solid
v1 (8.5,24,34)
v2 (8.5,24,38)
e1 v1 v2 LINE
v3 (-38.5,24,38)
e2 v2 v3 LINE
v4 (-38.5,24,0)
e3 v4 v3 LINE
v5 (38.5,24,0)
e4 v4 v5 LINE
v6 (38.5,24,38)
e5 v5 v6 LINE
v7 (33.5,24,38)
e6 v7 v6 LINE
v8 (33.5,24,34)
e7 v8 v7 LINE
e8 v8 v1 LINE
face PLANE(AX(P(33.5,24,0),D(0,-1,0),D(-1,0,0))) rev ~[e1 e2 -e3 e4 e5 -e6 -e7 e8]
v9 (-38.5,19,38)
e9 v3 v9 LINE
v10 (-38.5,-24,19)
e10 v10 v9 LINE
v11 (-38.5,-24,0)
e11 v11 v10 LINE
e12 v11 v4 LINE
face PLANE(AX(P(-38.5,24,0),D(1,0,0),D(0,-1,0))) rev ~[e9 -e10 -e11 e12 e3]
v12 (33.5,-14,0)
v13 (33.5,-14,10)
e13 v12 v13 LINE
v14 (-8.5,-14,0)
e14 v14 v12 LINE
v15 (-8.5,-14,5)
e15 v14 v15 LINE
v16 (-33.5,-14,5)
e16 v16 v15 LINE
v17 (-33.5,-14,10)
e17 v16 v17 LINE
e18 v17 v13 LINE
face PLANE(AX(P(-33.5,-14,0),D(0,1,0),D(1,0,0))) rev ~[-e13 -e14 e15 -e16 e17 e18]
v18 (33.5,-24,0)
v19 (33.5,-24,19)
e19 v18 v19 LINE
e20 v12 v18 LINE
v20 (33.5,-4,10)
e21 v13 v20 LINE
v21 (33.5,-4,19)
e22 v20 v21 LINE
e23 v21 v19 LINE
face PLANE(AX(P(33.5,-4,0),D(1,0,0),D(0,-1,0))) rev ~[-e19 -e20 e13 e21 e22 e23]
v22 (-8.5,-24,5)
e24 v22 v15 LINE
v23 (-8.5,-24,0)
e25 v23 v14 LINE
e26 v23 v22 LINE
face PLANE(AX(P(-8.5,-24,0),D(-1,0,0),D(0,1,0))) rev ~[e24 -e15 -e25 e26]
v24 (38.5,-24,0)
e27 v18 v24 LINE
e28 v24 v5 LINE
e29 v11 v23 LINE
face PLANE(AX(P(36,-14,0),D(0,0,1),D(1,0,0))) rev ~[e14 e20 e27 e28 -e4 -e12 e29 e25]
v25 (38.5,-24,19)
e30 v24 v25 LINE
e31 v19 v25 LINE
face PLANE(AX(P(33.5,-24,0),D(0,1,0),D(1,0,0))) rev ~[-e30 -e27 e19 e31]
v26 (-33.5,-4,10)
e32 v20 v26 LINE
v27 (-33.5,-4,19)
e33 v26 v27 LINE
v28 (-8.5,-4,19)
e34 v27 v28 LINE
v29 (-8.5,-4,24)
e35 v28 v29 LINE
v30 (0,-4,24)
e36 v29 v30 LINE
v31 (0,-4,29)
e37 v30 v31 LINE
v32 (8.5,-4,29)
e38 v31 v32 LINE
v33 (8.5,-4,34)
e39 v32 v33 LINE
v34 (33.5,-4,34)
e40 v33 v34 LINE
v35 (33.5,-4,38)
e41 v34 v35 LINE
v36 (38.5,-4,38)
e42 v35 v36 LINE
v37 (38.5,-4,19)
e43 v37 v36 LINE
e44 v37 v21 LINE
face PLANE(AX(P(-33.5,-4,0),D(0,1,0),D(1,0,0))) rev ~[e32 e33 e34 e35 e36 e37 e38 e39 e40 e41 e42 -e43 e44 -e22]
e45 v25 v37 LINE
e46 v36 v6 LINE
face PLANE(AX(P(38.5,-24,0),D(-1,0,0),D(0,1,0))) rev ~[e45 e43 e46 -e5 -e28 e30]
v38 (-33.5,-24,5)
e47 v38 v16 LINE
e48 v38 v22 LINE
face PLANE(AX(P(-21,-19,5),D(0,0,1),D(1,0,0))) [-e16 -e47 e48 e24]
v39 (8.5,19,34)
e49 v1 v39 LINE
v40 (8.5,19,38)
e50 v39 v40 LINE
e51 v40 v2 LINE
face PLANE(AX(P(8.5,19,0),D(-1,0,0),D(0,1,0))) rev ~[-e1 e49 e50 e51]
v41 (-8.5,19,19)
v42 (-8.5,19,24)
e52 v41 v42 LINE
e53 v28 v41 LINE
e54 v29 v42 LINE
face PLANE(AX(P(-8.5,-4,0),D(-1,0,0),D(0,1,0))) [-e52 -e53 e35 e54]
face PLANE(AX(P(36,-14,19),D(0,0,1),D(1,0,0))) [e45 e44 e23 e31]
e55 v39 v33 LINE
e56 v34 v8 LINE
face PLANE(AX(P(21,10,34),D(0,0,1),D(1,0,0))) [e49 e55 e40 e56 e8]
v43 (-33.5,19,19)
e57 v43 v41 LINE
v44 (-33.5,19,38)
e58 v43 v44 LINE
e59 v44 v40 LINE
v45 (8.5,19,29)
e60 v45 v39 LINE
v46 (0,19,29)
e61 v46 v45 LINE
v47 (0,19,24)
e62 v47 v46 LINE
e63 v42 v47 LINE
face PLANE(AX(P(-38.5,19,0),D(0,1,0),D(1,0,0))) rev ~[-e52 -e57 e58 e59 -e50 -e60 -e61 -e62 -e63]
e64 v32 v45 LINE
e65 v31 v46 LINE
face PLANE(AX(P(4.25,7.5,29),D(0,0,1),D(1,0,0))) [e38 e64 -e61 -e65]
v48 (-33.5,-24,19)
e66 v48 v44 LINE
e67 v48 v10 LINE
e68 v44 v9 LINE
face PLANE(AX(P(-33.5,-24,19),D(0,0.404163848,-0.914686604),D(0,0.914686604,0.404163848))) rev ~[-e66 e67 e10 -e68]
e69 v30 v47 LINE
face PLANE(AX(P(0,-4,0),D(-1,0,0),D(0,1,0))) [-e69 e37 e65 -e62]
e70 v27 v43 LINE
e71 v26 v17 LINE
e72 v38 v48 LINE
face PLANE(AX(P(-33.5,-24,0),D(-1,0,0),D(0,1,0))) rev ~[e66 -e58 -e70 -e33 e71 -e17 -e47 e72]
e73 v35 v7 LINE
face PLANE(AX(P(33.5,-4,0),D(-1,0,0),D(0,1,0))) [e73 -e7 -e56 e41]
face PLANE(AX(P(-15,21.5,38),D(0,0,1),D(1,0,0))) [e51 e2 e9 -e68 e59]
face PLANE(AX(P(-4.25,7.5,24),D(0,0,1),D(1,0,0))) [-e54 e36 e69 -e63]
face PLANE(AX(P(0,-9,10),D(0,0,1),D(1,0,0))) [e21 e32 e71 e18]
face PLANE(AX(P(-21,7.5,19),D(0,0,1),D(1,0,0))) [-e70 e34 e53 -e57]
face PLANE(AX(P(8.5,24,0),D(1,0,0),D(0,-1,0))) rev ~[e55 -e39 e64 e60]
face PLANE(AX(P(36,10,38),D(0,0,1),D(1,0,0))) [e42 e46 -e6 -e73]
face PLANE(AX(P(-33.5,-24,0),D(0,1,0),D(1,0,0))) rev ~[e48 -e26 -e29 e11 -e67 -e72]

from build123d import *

# Parameters (mm, degrees)
F1_DEPTH  = 38
F3_DEPTH  = 25
F4_DEPTH  = 38
F0_W      = 5
F0_H      = 28
F5_DEPTH  = 38
F6_DEPTH  = 34
F0_W_2    = 8.5
F0_H_2    = 23
F7_DEPTH  = 29
F8_DEPTH  = 24
F0_W_3    = 25
F9_DEPTH  = 19
F10_DEPTH = 10
F0_H_3    = 10
F11_DEPTH = 5
F12_DEPTH = 19


with BuildPart() as f1:
    # F0 (on Top) → F1 (new body)
    with BuildSketch(Plane.XY):
        Polygon((-33.5, -24), (-33.5, -14), (-33.5, -4), (-33.5, 19), (-38.5, 19), (-38.5, -24), align=None)
    extrude(amount=F1_DEPTH)

    # F2 (on face) → F3 (cut)
    with BuildSketch(Plane.YZ.offset(-33.5)):
        Polygon((-24, 19), (19, 38), (-24, 38), align=None)
    extrude(amount=-F3_DEPTH, mode=Mode.SUBTRACT)

    # F0 (on Top) → F4 (join)
    with BuildSketch(Plane.XY):
        Polygon((8.5, 19), (8.5, 24), (-38.5, 24), (-38.5, 19), (-33.5, 19), (-8.5, 19), (0, 19), align=None)
    extrude(amount=F4_DEPTH)



with BuildPart() as f5:
    # F0 (on Top) → F5 (new body)
    with BuildSketch(Plane.XY):
        with Locations((36, 10)):
            Rectangle(F0_W, F0_H)
    extrude(amount=F5_DEPTH)


with BuildPart() as f1_1:
    add(f1.part)

    add(f5.part)  # F6 merges F5
    # F0 (on Top) → F6 (join)
    with BuildSketch(Plane.XY):
        Polygon((8.5, -4), (33.5, -4), (33.5, 24), (8.5, 24), (8.5, 19), align=None)
    extrude(amount=F6_DEPTH)

    # F0 (on Top) → F7 (join)
    with BuildSketch(Plane.XY):
        with Locations((4.25, 7.5)):
            Rectangle(F0_W_2, F0_H_2)
    extrude(amount=F7_DEPTH)

    # F0 (on Top) → F8 (join)
    with BuildSketch(Plane.XY):
        with Locations((-4.25, 7.5)):
            Rectangle(F0_W_2, F0_H_2)
    extrude(amount=F8_DEPTH)

    # F0 (on Top) → F9 (join)
    with BuildSketch(Plane.XY):
        with Locations((-21, 7.5)):
            Rectangle(F0_W_3, F0_H_2)
    extrude(amount=F9_DEPTH)

    # F0 (on Top) → F10 (join)
    with BuildSketch(Plane.XY):
        Polygon((-8.5, -14), (33.5, -14), (33.5, -4), (8.5, -4), (0, -4), (-8.5, -4), (-33.5, -4), (-33.5, -14), align=None)
    extrude(amount=F10_DEPTH)

    # F0 (on Top) → F11 (join)
    with BuildSketch(Plane.XY):
        with Locations((-21, -19)):
            Rectangle(F0_W_3, F0_H_3)
    extrude(amount=F11_DEPTH)

    # F0 (on Top) → F12 (join)
    with BuildSketch(Plane.XY):
        Polygon((33.5, -24), (38.5, -24), (38.5, -4), (33.5, -4), (33.5, -14), align=None)
    extrude(amount=F12_DEPTH)


solid = f1_1.part
